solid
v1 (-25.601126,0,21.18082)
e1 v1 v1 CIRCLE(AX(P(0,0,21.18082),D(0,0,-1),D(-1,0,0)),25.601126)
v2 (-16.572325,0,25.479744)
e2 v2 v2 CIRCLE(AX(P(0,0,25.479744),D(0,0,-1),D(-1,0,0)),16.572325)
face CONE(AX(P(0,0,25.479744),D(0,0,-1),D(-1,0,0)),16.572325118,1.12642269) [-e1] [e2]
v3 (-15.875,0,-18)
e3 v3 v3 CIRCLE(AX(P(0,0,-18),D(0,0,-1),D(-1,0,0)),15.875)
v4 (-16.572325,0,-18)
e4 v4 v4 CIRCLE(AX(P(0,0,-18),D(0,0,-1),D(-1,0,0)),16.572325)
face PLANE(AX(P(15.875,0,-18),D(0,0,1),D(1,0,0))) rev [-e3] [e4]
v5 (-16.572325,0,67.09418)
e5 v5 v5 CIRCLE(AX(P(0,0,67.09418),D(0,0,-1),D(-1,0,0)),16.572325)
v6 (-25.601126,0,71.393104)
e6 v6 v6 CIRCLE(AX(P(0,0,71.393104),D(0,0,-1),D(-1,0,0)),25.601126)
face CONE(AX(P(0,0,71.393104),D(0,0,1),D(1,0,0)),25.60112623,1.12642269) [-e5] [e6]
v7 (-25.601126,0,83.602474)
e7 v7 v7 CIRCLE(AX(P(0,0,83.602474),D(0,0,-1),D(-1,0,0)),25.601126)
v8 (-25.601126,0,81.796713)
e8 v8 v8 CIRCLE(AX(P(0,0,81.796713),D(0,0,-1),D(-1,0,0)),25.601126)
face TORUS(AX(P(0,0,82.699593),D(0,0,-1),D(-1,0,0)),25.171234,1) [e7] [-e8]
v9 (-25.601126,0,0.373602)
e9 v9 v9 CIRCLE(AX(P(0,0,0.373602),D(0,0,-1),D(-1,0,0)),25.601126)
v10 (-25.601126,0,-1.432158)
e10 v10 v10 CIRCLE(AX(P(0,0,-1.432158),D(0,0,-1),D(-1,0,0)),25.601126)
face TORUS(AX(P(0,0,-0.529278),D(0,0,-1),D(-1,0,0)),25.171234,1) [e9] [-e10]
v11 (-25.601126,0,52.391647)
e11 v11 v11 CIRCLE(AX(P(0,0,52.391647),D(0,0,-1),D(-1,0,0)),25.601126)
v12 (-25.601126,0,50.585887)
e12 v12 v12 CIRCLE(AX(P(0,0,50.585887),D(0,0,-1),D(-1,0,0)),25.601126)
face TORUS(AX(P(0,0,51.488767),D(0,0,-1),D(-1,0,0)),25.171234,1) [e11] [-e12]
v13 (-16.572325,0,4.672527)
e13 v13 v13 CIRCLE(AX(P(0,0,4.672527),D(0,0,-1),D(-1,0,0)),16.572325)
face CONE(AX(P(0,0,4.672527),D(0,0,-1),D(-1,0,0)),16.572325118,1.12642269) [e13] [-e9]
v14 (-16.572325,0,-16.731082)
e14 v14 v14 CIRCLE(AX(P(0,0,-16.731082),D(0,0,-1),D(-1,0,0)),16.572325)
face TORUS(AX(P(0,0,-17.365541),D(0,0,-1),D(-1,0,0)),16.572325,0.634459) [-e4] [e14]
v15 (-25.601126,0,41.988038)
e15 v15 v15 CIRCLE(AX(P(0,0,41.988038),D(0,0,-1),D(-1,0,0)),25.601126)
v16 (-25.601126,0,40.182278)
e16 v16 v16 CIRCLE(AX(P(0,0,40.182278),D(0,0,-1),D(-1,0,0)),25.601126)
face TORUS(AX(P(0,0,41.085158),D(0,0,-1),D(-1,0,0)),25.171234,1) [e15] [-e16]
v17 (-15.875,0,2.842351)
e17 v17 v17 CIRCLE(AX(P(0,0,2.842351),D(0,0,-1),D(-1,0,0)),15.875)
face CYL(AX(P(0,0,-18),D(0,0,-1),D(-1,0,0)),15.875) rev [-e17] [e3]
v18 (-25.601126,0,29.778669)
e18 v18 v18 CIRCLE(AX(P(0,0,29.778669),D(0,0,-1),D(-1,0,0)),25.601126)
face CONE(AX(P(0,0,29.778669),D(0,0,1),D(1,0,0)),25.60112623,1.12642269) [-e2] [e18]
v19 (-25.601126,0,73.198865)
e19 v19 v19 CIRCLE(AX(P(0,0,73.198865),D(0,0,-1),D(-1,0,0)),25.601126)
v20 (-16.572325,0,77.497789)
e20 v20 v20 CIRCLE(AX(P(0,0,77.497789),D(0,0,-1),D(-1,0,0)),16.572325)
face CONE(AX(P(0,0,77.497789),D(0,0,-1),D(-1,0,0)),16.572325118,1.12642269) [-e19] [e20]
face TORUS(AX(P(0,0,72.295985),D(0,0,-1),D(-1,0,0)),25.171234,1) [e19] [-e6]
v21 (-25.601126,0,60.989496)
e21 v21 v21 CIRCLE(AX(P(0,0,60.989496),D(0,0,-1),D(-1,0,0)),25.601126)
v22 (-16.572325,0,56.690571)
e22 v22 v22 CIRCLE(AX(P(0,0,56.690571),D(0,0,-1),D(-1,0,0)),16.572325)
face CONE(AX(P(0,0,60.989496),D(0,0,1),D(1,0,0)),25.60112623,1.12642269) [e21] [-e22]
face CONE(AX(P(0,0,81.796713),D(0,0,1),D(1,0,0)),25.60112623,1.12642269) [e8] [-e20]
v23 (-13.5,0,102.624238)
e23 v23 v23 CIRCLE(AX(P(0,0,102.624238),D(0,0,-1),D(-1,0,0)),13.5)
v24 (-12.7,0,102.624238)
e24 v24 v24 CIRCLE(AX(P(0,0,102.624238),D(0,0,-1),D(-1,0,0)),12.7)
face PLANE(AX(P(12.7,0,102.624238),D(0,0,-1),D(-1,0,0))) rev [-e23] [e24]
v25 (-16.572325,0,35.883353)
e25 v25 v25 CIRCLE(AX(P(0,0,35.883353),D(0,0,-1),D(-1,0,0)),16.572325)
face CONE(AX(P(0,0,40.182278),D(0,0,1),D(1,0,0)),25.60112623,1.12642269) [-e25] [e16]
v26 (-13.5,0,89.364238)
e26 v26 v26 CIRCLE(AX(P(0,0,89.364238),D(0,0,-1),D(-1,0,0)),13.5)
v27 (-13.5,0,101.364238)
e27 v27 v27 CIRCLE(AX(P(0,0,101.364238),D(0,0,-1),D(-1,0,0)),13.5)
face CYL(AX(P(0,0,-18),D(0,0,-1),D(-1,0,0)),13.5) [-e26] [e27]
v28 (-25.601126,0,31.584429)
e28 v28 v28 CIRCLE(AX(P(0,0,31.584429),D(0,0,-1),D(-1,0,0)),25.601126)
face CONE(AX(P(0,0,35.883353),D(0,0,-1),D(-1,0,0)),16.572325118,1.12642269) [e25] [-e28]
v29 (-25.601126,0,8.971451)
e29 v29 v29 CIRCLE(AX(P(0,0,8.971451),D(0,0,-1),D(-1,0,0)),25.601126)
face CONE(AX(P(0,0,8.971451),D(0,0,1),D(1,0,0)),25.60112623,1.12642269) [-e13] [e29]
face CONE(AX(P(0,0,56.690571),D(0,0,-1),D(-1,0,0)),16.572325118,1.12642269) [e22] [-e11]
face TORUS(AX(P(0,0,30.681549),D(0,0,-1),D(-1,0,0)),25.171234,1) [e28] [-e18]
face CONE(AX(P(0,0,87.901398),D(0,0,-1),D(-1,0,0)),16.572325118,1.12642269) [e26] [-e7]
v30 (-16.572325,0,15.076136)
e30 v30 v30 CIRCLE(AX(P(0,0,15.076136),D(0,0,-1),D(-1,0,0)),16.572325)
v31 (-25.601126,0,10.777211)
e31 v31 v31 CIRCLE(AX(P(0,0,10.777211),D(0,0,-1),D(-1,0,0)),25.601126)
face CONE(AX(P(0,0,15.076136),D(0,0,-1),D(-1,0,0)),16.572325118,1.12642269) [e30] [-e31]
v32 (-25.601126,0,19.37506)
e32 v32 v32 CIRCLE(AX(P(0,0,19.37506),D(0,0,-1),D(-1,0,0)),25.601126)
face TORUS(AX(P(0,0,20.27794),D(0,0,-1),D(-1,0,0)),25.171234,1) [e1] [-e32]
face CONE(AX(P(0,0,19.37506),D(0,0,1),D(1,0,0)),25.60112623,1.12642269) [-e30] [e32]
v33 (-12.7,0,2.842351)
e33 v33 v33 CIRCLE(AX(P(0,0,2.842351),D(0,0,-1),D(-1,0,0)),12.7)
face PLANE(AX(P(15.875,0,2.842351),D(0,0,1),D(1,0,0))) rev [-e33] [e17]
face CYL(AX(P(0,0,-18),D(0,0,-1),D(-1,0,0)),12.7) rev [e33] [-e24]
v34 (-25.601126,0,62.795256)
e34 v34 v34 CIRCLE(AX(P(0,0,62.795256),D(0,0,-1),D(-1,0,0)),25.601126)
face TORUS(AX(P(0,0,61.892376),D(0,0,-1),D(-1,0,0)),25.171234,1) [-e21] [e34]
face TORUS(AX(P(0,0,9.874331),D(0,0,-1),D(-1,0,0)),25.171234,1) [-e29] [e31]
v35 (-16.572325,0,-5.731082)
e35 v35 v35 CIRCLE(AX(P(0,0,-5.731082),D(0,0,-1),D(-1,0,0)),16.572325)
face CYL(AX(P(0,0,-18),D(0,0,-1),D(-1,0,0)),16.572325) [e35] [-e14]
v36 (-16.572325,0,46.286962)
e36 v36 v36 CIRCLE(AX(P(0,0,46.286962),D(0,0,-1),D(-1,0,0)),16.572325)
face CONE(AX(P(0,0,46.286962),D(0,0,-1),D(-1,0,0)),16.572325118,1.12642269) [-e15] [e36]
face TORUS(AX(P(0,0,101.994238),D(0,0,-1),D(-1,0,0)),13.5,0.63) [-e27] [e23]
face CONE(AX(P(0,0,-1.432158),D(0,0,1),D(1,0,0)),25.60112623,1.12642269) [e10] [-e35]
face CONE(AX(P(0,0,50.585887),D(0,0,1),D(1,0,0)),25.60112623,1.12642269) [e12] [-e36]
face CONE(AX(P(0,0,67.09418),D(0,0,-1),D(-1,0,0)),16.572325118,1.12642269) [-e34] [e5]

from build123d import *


with BuildPart() as part:
    # Sketch2 → Revolve1 (revolve)
    with BuildSketch(Plane(origin=(0, 0, 0), x_dir=(1, 0, 0), z_dir=(0, 1, 0)), mode=Mode.PRIVATE) as revolve1_sk:
        with BuildLine():
            Line((16.572325118, -15.076135556), (25.60112623, -10.777211216))
            ThreePointArc((25.60112623, -10.777211216), (26.171233796, -9.874331105), (25.60112623, -8.971450994))
            Line((25.60112623, -8.971450994), (16.572325118, -4.672526654))
            Line((16.572325118, -4.672526654), (25.60112623, -0.373602315))
            ThreePointArc((25.60112623, -0.373602315), (26.171233796, 0.529277797), (25.60112623, 1.432157908))
            Line((25.60112623, 1.432157908), (16.572325118, 5.731082248))
            Line((16.572325118, 5.731082248), (16.572325118, 16.731082248))
            ThreePointArc((16.572325118, 16.731082248), (17.206783994, 17.365541124), (16.572325118, 18))
            Line((16.572325118, 18), (15.875, 18))
            Line((15.875, 18), (15.875, -2.842350772))
            Line((15.875, -2.842350772), (12.7, -2.842350772))
            Line((12.7, -2.842350772), (12.7, -102.624238068))
            Line((12.7, -102.624238068), (13.5, -102.624238068))
            ThreePointArc((13.5, -102.624238068), (14.13, -101.994238068), (13.5, -101.364238068))
            Line((13.5, -101.364238068), (13.5, -89.364238068))
            Line((13.5, -89.364238068), (16.572325118, -87.901397868))
            Line((16.572325118, -87.901397868), (25.60112623, -83.602473528))
            ThreePointArc((25.60112623, -83.602473528), (26.171233796, -82.699593417), (25.60112623, -81.796713306))
            Line((25.60112623, -81.796713306), (16.572325118, -77.497788966))
            Line((16.572325118, -77.497788966), (25.60112623, -73.198864627))
            ThreePointArc((25.60112623, -73.198864627), (26.171233796, -72.295984515), (25.60112623, -71.393104404))
            Line((25.60112623, -71.393104404), (16.572325118, -67.094180065))
            Line((16.572325118, -67.094180065), (25.60112623, -62.795255725))
            ThreePointArc((25.60112623, -62.795255725), (26.171233796, -61.892375614), (25.60112623, -60.989495502))
            Line((25.60112623, -60.989495502), (16.572325118, -56.690571163))
            Line((16.572325118, -56.690571163), (25.60112623, -52.391646823))
            ThreePointArc((25.60112623, -52.391646823), (26.171233796, -51.488766712), (25.60112623, -50.585886601))
            Line((25.60112623, -50.585886601), (16.572325118, -46.286962261))
            Line((16.572325118, -46.286962261), (25.60112623, -41.988037921))
            ThreePointArc((25.60112623, -41.988037921), (26.171233796, -41.08515781), (25.60112623, -40.182277699))
            Line((25.60112623, -40.182277699), (16.572325118, -35.883353359))
            Line((16.572325118, -35.883353359), (25.60112623, -31.58442902))
            ThreePointArc((25.60112623, -31.58442902), (26.171233796, -30.681548909), (25.60112623, -29.778668797))
            Line((25.60112623, -29.778668797), (16.572325118, -25.479744458))
            Line((16.572325118, -25.479744458), (25.60112623, -21.180820118))
            ThreePointArc((25.60112623, -21.180820118), (26.171233796, -20.277940007), (25.60112623, -19.375059896))
            Line((25.60112623, -19.375059896), (16.572325118, -15.076135556))
        make_face()
    revolve(revolve1_sk.sketch.rotate(Axis((0, 0, -18), (0, 0, 1)), 180), axis=Axis((0, 0, -18), (0, 0, 1)))


solid = part.part
